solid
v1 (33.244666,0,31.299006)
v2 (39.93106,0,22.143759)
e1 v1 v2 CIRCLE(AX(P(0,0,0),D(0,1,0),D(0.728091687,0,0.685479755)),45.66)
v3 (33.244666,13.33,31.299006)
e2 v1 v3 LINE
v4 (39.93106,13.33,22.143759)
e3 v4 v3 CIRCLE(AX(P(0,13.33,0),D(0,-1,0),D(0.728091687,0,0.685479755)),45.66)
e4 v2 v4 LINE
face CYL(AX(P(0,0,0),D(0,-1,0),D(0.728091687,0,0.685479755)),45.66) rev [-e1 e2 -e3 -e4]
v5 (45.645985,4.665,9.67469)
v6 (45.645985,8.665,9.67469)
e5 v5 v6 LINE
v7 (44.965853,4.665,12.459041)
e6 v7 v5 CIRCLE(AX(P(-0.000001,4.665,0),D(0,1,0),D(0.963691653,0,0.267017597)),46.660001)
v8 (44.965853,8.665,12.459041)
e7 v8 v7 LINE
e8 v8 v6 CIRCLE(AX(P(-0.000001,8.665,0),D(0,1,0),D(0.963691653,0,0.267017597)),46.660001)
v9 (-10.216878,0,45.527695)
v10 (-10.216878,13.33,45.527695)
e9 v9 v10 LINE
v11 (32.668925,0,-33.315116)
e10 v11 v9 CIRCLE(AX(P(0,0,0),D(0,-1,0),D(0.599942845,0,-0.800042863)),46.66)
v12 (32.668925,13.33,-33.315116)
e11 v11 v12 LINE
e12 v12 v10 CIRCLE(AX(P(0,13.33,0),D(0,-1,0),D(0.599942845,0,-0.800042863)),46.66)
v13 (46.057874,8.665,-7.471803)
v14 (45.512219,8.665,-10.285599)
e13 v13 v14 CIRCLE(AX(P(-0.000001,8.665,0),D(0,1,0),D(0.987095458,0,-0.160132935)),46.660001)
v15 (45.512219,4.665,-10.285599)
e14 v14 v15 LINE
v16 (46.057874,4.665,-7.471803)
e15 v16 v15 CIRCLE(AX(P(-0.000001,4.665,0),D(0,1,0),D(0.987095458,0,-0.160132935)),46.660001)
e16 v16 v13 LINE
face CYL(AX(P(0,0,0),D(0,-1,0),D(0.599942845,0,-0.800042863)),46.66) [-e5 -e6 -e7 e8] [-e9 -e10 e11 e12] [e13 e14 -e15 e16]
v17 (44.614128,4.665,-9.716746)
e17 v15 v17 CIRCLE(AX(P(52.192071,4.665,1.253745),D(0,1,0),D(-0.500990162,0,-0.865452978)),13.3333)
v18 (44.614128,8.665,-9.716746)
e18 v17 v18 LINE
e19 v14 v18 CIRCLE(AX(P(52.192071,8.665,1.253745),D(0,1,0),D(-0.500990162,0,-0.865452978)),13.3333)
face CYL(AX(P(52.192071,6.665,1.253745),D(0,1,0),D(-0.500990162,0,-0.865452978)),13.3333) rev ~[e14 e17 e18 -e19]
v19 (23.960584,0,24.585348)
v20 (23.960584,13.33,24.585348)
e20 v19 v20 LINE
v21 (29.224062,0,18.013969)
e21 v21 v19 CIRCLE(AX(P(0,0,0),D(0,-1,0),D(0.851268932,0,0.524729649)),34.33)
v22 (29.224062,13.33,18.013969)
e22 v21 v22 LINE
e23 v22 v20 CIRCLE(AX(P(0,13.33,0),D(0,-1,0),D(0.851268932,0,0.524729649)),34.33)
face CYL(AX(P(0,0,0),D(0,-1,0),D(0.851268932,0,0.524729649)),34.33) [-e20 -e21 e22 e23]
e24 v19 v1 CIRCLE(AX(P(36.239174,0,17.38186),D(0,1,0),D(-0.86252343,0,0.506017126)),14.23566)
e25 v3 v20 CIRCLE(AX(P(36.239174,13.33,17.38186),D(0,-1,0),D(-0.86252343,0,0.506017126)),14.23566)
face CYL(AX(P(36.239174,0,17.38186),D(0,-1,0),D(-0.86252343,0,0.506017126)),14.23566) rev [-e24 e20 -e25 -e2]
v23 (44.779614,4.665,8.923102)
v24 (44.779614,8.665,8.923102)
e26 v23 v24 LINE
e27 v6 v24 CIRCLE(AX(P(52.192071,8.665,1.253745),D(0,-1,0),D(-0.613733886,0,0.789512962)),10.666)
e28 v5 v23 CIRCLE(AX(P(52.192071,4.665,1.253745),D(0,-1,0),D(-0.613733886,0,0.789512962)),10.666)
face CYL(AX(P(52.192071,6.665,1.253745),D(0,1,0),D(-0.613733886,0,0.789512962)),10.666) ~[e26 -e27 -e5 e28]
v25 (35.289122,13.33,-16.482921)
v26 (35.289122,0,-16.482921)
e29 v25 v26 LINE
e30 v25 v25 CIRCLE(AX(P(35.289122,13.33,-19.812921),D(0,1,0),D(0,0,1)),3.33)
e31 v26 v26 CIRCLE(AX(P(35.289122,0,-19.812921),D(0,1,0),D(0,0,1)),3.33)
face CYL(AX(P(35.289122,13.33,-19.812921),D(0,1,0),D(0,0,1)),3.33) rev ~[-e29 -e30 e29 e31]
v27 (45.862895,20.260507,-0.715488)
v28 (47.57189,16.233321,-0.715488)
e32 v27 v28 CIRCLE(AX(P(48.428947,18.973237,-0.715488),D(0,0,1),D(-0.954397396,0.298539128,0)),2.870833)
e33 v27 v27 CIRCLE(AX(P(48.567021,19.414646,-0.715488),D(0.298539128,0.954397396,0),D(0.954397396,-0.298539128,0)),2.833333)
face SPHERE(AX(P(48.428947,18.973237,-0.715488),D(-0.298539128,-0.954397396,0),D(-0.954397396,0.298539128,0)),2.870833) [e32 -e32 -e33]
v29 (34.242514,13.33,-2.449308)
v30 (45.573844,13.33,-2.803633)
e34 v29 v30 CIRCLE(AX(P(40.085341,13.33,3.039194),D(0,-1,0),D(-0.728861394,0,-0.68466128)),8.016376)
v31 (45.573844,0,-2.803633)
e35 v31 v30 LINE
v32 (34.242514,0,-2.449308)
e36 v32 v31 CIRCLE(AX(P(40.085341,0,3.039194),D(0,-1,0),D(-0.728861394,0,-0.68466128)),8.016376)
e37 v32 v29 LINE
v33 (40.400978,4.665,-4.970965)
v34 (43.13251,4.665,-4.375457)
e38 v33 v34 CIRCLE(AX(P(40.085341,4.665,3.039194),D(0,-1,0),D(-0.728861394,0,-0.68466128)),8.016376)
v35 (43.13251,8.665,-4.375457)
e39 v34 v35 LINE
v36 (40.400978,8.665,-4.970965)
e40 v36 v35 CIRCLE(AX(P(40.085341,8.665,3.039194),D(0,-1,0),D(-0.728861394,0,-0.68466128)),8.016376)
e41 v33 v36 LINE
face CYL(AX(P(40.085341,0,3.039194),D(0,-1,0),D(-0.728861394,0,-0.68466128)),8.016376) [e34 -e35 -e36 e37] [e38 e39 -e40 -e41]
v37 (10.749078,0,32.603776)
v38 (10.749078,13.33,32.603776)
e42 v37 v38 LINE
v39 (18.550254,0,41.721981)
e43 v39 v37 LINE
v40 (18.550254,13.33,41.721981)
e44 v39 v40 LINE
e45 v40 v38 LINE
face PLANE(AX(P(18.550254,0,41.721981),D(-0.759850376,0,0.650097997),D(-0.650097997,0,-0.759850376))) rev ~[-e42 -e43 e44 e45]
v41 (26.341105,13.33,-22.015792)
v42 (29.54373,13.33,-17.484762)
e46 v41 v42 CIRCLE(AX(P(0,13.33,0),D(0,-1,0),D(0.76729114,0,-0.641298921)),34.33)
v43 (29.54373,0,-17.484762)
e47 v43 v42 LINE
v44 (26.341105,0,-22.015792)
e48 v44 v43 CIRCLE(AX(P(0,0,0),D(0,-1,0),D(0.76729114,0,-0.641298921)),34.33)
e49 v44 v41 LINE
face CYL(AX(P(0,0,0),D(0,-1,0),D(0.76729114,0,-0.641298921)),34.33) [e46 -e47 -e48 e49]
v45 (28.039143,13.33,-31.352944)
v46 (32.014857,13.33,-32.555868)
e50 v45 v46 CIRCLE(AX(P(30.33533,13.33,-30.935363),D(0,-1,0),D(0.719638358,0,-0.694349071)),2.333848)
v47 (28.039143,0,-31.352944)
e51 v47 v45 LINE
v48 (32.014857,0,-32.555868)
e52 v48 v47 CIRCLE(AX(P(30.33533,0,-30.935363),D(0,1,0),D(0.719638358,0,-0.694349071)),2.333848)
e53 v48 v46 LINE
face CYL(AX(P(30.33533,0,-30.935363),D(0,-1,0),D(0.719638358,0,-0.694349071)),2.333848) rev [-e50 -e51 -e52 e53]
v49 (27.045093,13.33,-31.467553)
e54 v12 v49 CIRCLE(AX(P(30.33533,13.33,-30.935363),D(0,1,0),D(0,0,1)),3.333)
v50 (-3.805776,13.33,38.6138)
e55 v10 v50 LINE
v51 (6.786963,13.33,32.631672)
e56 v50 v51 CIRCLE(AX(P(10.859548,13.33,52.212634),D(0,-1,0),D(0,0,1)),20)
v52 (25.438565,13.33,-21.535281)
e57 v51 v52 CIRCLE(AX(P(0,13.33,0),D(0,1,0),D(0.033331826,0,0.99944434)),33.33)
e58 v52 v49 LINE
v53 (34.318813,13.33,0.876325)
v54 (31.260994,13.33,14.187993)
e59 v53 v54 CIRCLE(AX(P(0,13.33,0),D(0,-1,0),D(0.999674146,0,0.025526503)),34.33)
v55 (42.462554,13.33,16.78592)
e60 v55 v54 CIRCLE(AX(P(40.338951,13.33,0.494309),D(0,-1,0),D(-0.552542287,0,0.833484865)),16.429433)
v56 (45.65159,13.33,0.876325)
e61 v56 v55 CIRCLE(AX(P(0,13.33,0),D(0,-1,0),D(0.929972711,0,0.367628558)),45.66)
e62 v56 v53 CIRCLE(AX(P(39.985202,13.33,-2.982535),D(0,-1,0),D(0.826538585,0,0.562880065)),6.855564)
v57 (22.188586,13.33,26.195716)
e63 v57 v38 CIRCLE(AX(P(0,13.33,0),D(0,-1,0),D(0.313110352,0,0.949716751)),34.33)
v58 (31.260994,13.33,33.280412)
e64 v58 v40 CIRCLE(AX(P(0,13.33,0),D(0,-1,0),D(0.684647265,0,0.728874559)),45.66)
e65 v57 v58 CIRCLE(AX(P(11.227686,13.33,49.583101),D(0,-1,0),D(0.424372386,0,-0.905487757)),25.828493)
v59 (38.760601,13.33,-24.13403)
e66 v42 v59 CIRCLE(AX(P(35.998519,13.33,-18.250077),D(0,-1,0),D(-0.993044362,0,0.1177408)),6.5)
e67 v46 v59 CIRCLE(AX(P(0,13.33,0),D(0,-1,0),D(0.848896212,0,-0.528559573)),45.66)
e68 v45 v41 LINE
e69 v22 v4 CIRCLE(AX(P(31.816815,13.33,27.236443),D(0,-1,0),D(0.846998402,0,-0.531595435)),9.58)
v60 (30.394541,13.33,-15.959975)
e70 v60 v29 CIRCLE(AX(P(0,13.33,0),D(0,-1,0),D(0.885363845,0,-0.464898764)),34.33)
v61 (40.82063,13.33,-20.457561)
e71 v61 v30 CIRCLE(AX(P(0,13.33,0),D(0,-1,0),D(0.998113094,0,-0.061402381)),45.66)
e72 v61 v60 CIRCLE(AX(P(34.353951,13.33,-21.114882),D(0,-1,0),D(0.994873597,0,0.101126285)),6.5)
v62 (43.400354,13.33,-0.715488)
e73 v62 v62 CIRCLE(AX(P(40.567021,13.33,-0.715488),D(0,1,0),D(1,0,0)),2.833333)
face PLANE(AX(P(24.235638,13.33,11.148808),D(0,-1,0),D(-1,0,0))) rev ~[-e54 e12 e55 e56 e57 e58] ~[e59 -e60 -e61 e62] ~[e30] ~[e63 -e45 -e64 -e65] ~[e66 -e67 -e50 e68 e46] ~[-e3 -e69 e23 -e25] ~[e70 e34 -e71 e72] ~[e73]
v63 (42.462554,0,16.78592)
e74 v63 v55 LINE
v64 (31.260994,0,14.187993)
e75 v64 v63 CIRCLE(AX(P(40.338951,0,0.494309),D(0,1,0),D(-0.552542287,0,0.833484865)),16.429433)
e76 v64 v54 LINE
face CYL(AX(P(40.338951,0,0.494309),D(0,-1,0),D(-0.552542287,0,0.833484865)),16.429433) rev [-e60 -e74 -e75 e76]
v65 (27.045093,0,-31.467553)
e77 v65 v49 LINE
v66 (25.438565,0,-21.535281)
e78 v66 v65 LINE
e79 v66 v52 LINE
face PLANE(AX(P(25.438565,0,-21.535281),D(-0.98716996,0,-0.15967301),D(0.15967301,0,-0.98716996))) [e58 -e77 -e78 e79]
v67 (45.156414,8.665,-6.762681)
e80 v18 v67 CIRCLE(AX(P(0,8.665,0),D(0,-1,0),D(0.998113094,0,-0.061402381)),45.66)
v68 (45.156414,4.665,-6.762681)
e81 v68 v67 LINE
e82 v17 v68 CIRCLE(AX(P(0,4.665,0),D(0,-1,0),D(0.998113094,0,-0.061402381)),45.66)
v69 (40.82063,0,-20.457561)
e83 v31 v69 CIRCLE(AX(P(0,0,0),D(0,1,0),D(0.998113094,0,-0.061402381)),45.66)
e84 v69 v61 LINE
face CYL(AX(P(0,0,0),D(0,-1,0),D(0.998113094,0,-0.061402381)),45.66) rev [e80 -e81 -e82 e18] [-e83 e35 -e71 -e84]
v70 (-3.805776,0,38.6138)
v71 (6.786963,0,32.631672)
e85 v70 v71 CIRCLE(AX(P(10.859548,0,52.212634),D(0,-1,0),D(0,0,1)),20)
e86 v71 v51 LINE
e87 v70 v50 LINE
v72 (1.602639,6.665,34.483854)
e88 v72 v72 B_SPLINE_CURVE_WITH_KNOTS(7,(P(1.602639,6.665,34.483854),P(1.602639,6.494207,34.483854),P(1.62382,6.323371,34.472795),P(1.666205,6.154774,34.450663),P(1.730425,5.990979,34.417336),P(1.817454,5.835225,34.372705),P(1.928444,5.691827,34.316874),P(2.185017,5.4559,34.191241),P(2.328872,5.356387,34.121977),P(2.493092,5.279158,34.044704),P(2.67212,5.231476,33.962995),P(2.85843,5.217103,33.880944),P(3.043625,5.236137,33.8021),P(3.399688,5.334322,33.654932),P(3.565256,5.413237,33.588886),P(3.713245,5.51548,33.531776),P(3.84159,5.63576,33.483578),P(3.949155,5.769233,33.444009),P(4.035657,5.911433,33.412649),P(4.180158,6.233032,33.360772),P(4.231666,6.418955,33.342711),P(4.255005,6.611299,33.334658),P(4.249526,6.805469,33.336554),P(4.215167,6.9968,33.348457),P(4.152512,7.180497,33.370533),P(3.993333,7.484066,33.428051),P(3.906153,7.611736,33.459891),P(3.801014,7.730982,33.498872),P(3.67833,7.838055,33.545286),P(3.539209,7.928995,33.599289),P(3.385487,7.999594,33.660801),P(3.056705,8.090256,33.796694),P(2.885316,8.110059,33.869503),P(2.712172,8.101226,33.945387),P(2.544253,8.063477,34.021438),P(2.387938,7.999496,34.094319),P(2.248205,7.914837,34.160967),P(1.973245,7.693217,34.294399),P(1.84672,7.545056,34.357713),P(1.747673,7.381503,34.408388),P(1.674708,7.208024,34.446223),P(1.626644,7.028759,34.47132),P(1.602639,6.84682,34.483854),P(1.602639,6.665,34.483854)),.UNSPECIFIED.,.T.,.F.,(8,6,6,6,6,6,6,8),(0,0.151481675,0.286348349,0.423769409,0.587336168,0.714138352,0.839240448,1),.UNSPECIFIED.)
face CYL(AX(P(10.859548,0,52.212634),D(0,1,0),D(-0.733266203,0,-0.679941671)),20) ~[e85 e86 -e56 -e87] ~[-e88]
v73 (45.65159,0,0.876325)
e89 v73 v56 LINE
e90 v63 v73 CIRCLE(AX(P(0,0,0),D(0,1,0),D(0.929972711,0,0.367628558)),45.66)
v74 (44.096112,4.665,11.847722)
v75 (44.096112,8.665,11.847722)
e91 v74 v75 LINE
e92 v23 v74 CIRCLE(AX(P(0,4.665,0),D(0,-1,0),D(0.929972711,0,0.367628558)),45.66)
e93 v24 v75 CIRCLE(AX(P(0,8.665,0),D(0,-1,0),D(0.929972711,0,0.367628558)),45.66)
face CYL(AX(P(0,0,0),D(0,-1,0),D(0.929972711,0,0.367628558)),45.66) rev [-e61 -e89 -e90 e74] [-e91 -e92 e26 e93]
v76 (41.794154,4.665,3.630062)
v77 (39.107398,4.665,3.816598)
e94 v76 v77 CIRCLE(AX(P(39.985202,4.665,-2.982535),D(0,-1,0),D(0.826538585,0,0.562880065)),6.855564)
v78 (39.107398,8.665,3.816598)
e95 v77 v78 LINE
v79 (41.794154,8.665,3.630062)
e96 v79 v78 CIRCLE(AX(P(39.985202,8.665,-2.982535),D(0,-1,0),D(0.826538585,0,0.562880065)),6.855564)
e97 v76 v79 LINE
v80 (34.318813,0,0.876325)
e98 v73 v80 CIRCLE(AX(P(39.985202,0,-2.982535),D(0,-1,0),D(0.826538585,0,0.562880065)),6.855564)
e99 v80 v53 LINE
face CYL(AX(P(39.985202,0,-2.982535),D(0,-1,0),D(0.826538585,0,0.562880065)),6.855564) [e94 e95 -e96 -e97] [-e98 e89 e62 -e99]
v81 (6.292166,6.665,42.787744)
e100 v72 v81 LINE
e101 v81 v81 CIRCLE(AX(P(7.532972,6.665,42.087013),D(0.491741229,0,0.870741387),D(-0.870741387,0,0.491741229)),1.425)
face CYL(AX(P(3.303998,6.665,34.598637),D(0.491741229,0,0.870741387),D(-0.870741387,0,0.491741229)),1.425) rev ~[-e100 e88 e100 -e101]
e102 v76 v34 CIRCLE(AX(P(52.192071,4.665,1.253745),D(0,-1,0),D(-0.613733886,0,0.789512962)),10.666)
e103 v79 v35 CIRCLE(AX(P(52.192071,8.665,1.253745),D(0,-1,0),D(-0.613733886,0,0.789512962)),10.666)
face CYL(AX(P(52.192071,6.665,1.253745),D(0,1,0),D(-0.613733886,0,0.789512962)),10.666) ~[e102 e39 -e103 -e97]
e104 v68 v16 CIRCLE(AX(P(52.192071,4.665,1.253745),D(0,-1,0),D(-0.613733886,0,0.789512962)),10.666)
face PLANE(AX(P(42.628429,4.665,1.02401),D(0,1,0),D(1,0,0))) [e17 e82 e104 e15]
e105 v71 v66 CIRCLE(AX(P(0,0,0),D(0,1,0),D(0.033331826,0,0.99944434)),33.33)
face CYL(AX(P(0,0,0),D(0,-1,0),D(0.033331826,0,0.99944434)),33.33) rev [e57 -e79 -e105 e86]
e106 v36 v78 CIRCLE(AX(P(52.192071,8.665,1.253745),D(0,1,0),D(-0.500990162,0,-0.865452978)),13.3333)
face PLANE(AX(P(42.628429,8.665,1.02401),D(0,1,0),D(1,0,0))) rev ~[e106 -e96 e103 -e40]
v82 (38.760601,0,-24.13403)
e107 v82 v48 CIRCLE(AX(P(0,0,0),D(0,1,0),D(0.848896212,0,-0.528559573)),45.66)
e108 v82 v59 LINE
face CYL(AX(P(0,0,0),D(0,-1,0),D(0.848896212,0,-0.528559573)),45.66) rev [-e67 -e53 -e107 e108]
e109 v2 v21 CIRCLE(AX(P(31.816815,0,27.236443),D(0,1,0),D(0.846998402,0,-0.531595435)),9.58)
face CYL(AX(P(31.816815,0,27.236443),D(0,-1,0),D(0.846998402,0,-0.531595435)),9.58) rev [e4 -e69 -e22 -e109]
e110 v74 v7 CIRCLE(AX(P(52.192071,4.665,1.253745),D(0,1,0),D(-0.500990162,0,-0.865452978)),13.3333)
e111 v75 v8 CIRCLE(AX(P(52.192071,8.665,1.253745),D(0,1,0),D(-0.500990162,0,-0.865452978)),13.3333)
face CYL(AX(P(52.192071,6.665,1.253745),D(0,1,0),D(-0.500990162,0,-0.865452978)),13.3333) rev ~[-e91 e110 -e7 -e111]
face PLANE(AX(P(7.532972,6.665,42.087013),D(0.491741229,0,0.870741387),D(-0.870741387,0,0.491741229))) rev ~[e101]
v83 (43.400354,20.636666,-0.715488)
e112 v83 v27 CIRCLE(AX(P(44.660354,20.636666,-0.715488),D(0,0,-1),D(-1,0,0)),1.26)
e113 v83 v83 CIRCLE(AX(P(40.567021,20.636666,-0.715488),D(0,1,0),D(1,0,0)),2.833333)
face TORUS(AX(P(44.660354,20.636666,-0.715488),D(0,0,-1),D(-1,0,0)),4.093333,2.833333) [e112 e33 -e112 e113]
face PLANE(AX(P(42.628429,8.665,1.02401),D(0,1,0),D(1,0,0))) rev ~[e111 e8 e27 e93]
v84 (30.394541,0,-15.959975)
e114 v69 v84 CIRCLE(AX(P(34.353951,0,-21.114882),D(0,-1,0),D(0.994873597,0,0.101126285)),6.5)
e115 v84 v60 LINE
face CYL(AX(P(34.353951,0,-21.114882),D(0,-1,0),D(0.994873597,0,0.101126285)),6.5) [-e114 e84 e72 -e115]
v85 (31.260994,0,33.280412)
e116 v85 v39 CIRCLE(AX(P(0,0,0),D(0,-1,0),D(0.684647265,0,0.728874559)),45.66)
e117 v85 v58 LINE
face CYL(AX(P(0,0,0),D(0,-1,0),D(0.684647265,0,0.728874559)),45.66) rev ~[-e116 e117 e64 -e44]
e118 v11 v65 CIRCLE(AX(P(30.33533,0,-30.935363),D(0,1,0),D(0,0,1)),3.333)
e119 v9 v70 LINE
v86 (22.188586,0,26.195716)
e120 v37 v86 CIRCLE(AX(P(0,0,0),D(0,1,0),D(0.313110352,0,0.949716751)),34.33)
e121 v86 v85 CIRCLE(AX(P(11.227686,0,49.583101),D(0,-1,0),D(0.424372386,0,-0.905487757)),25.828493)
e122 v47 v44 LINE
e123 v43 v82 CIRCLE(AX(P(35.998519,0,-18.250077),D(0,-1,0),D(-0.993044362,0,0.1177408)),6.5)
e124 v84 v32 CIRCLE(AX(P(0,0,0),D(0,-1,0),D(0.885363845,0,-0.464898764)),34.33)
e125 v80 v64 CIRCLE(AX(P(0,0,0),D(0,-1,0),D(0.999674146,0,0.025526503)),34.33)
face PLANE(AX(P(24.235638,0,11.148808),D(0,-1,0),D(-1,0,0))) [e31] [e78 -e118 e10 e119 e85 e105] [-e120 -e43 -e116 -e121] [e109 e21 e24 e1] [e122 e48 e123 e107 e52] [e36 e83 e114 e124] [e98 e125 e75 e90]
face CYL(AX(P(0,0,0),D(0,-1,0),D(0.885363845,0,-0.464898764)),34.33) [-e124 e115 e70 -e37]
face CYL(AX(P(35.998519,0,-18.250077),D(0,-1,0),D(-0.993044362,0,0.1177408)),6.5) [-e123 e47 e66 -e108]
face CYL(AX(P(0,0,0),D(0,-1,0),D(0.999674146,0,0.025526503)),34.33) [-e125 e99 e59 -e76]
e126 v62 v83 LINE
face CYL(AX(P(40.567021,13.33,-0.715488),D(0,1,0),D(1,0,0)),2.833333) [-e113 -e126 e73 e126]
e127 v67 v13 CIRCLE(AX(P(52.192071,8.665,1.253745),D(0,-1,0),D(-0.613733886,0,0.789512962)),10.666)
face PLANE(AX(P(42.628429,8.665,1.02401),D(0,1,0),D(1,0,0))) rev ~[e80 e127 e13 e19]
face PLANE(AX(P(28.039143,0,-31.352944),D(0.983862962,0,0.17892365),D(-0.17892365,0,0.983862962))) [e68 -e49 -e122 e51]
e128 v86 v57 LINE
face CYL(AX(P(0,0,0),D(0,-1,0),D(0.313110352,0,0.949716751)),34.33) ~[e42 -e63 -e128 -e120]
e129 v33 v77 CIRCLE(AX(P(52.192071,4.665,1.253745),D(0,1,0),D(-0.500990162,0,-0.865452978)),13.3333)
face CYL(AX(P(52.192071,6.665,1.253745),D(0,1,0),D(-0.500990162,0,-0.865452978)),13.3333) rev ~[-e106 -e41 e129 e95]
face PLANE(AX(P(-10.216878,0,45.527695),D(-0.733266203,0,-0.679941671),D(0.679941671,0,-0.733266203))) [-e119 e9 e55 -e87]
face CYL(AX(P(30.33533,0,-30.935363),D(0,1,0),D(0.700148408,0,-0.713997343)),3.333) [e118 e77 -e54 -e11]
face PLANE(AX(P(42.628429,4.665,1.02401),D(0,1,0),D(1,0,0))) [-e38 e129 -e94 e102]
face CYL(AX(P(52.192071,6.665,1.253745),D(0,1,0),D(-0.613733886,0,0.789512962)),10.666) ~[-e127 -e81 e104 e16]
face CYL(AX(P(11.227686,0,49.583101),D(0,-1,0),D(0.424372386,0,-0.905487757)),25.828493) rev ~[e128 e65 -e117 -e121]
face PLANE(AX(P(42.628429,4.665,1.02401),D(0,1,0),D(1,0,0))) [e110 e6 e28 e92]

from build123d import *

# Parameters (mm, degrees)
BOSS_EXTRUDE1_DEPTH = 13.33
FILLET1_R           = 20
SKETCH3_R           = 3.33
CUT_EXTRUDE2_DEPTH  = 68.320131462
FILLET2_R           = 3.333
SKETCH4_R           = 2.8333333
DOME1_FACE_RADIUS   = 2.8333333
DOME1_HEIGHT        = 3.3333333
CUT_EXTRUDE3_DEPTH  = 2
CUT_EXTRUDE5_DEPTH  = 13.34
SKETCH19_R          = 1.425
CUT_EXTRUDE6_DEPTH  = 8.6


with BuildPart() as part:
    # Sketch1 → Boss-Extrude1 (new body)
    with BuildSketch(Plane(origin=(0, 0, 0), x_dir=(1, 0, 0), z_dir=(0, 1, 0))):
        with BuildLine():
            Line((25.438564969, 21.535280641), (27.993333135, 37.33))
            ThreePointArc((27.993333135, 37.33), (42.371570445, -19.53984693), (-10.216878485, -45.527694802))
            Line((-10.216878485, -45.527694802), (1.110949751, -33.311479863))
            ThreePointArc((1.110949751, -33.311479863), (30.46737546, -13.513990254), (25.438564969, 21.535280641))
        make_face()
    extrude(amount=BOSS_EXTRUDE1_DEPTH)

    # Fillet1
    fillet1_edges = [part.edges().sort_by_distance(p)[0] for p in [
        (1.110949751, 6.665, 33.311479863),
    ]]
    fillet(fillet1_edges, radius=FILLET1_R)

    # Sketch3 → Cut-Extrude2 (cut, through all)
    with BuildSketch(Plane(origin=(0, 13.33, 0), x_dir=(1, 0, 0), z_dir=(0, 1, 0))):
        with Locations(Location((35.289122258, 19.812921474, 0), (0, 0, 270))):
            Circle(SKETCH3_R)
    extrude(amount=-CUT_EXTRUDE2_DEPTH, mode=Mode.SUBTRACT)

    # Fillet2
    fillet2_edges = [part.edges().sort_by_distance(p)[0] for p in [
        (27.993333135, 6.665, -37.33),
    ]]
    fillet(fillet2_edges, radius=FILLET2_R)

    # Sweep1: sweep along a path in Sketch6
    with BuildLine(Plane.XY) as sweep1_path:
        Line((40.567020893, 13.33), (40.567020893, 20.636666))
        ThreePointArc((40.567020893, 20.636666), (45.278451651, 24.683063573), (48.567020893, 19.414645837))
    # Sketch4 → Sweep1 (sweep)
    with BuildSketch(Plane(origin=(0, 13.33, 0), x_dir=(1, 0, 0), z_dir=(0, 1, 0))):
        with Locations((40.567020893, 0.715488074)):
            Circle(SKETCH4_R)
    sweep(path=sweep1_path.line)

    # Dome1: a dome of height H over a round flat face of radius A is a cap of a sphere of radius (A * A + H * H) / (2 * H)
    dome1_r = (DOME1_FACE_RADIUS * DOME1_FACE_RADIUS + DOME1_HEIGHT * DOME1_HEIGHT) / (2 * DOME1_HEIGHT)
    dome1_base = Plane((48.567020893, 19.414645837, -0.715488074), z_dir=(-0.298539128134, -0.954397395728, 0))
    with Locations(dome1_base.offset(DOME1_HEIGHT - dome1_r)):
        dome1_ball = Sphere(dome1_r, mode=Mode.PRIVATE)
    add(split(dome1_ball, bisect_by=dome1_base, keep=Keep.TOP, mode=Mode.PRIVATE))

    # Sketch7 → Cut-Extrude3 (cut, symmetric)
    with BuildSketch(Plane(origin=(0, 6.665, 0), x_dir=(1, 0, 0), z_dir=(0, 1, 0))):
        with BuildLine():
            ThreePointArc((44.965852541, -12.459041105), (45.327303444, -11.072089345), (45.645985213, -9.674690379))
            ThreePointArc((45.645985213, -9.674690379), (41.52914689, -0.997602982), (46.057874066, 7.47180276))
            ThreePointArc((46.057874066, 7.47180276), (45.806657105, 8.882891694), (45.51221871, 10.285599066))
            ThreePointArc((45.51221871, 10.285599066), (38.862616133, -0.933548234), (44.965852541, -12.459041105))
        make_face()
    extrude(amount=CUT_EXTRUDE3_DEPTH, both=True, mode=Mode.SUBTRACT)

    # Sketch18 → Cut-Extrude5 (cut)
    with BuildSketch(Plane.XZ):
        with BuildLine():
            Line((28.039143401, -31.35294351), (26.341104847, -22.015791956))
            ThreePointArc((26.341104847, -22.015791956), (28.034108775, -19.815086303), (29.543730196, -17.484762112))
            ThreePointArc((29.543730196, -17.484762112), (32.195597251, -23.521489799), (38.760601016, -24.1340301))
            ThreePointArc((38.760601016, -24.1340301), (35.637384762, -28.544919116), (32.014856699, -32.555868143))
            ThreePointArc((32.014856699, -32.555868143), (29.659442281, -33.169198731), (28.039143401, -31.35294351))
        make_face()
        with BuildLine():
            Line((18.550254331, 41.721980589), (10.749078367, 32.603776074))
            ThreePointArc((10.749078367, 32.603776074), (16.777611199, 29.950970977), (22.188585816, 26.195716434))
            ThreePointArc((22.188585816, 26.195716434), (27.124492616, 29.226219474), (31.260994101, 33.280412374))
            ThreePointArc((31.260994101, 33.280412374), (25.260742984, 38.035910189), (18.550254331, 41.721980589))
        make_face()
        with BuildLine():
            ThreePointArc((40.820629514, -20.457561098), (36.928571374, -15.146521153), (30.394540812, -15.959974588))
            ThreePointArc((30.394540812, -15.959974588), (33.016991898, -9.403570916), (34.242514373, -2.449307946))
            ThreePointArc((34.242514373, -2.449307946), (39.834796056, -4.973265496), (45.573843855, -2.803632696))
            ThreePointArc((45.573843855, -2.803632696), (44.089869065, -11.870932812), (40.820629514, -20.457561098))
        make_face()
        with BuildLine():
            ThreePointArc((45.651589838, 0.876324867), (39.98520163, 3.873028579), (34.318813422, 0.876324867))
            ThreePointArc((34.318813422, 0.876324867), (33.458600037, 7.685764997), (31.260994101, 14.187993085))
            ThreePointArc((31.260994101, 14.187993085), (36.627069292, 16.498940097), (42.462553984, 16.785919968))
            ThreePointArc((42.462553984, 16.785919968), (44.769458221, 8.973918351), (45.651589838, 0.876324867))
        make_face()
        with BuildLine():
            ThreePointArc((39.931059829, 22.143758962), (35.264351947, 18.298272838), (29.224062449, 18.013968857))
            ThreePointArc((29.224062449, 18.013968857), (26.794540492, 21.461628545), (23.960583625, 24.58534792))
            ThreePointArc((23.960583625, 24.58534792), (27.897400776, 28.917406773), (33.24466644, 31.299005627))
            ThreePointArc((33.24466644, 31.299005627), (36.873111669, 26.929709168), (39.931059829, 22.143758962))
        make_face()
    extrude(amount=-CUT_EXTRUDE5_DEPTH, mode=Mode.SUBTRACT)

    # Sketch19 → Cut-Extrude6 (cut, symmetric)
    with BuildSketch(Plane(origin=(15.613362891, 0, 27.64706404), x_dir=(0.8707413871359999, 0, -0.491741229437267), z_dir=(0.491741229437267, 0, 0.8707413871359999))):
        with Locations(Location((-14.136648815, 6.665, 0), (0, 0, 180))):
            Circle(SKETCH19_R)
    extrude(amount=CUT_EXTRUDE6_DEPTH, both=True, mode=Mode.SUBTRACT)


solid = part.part
